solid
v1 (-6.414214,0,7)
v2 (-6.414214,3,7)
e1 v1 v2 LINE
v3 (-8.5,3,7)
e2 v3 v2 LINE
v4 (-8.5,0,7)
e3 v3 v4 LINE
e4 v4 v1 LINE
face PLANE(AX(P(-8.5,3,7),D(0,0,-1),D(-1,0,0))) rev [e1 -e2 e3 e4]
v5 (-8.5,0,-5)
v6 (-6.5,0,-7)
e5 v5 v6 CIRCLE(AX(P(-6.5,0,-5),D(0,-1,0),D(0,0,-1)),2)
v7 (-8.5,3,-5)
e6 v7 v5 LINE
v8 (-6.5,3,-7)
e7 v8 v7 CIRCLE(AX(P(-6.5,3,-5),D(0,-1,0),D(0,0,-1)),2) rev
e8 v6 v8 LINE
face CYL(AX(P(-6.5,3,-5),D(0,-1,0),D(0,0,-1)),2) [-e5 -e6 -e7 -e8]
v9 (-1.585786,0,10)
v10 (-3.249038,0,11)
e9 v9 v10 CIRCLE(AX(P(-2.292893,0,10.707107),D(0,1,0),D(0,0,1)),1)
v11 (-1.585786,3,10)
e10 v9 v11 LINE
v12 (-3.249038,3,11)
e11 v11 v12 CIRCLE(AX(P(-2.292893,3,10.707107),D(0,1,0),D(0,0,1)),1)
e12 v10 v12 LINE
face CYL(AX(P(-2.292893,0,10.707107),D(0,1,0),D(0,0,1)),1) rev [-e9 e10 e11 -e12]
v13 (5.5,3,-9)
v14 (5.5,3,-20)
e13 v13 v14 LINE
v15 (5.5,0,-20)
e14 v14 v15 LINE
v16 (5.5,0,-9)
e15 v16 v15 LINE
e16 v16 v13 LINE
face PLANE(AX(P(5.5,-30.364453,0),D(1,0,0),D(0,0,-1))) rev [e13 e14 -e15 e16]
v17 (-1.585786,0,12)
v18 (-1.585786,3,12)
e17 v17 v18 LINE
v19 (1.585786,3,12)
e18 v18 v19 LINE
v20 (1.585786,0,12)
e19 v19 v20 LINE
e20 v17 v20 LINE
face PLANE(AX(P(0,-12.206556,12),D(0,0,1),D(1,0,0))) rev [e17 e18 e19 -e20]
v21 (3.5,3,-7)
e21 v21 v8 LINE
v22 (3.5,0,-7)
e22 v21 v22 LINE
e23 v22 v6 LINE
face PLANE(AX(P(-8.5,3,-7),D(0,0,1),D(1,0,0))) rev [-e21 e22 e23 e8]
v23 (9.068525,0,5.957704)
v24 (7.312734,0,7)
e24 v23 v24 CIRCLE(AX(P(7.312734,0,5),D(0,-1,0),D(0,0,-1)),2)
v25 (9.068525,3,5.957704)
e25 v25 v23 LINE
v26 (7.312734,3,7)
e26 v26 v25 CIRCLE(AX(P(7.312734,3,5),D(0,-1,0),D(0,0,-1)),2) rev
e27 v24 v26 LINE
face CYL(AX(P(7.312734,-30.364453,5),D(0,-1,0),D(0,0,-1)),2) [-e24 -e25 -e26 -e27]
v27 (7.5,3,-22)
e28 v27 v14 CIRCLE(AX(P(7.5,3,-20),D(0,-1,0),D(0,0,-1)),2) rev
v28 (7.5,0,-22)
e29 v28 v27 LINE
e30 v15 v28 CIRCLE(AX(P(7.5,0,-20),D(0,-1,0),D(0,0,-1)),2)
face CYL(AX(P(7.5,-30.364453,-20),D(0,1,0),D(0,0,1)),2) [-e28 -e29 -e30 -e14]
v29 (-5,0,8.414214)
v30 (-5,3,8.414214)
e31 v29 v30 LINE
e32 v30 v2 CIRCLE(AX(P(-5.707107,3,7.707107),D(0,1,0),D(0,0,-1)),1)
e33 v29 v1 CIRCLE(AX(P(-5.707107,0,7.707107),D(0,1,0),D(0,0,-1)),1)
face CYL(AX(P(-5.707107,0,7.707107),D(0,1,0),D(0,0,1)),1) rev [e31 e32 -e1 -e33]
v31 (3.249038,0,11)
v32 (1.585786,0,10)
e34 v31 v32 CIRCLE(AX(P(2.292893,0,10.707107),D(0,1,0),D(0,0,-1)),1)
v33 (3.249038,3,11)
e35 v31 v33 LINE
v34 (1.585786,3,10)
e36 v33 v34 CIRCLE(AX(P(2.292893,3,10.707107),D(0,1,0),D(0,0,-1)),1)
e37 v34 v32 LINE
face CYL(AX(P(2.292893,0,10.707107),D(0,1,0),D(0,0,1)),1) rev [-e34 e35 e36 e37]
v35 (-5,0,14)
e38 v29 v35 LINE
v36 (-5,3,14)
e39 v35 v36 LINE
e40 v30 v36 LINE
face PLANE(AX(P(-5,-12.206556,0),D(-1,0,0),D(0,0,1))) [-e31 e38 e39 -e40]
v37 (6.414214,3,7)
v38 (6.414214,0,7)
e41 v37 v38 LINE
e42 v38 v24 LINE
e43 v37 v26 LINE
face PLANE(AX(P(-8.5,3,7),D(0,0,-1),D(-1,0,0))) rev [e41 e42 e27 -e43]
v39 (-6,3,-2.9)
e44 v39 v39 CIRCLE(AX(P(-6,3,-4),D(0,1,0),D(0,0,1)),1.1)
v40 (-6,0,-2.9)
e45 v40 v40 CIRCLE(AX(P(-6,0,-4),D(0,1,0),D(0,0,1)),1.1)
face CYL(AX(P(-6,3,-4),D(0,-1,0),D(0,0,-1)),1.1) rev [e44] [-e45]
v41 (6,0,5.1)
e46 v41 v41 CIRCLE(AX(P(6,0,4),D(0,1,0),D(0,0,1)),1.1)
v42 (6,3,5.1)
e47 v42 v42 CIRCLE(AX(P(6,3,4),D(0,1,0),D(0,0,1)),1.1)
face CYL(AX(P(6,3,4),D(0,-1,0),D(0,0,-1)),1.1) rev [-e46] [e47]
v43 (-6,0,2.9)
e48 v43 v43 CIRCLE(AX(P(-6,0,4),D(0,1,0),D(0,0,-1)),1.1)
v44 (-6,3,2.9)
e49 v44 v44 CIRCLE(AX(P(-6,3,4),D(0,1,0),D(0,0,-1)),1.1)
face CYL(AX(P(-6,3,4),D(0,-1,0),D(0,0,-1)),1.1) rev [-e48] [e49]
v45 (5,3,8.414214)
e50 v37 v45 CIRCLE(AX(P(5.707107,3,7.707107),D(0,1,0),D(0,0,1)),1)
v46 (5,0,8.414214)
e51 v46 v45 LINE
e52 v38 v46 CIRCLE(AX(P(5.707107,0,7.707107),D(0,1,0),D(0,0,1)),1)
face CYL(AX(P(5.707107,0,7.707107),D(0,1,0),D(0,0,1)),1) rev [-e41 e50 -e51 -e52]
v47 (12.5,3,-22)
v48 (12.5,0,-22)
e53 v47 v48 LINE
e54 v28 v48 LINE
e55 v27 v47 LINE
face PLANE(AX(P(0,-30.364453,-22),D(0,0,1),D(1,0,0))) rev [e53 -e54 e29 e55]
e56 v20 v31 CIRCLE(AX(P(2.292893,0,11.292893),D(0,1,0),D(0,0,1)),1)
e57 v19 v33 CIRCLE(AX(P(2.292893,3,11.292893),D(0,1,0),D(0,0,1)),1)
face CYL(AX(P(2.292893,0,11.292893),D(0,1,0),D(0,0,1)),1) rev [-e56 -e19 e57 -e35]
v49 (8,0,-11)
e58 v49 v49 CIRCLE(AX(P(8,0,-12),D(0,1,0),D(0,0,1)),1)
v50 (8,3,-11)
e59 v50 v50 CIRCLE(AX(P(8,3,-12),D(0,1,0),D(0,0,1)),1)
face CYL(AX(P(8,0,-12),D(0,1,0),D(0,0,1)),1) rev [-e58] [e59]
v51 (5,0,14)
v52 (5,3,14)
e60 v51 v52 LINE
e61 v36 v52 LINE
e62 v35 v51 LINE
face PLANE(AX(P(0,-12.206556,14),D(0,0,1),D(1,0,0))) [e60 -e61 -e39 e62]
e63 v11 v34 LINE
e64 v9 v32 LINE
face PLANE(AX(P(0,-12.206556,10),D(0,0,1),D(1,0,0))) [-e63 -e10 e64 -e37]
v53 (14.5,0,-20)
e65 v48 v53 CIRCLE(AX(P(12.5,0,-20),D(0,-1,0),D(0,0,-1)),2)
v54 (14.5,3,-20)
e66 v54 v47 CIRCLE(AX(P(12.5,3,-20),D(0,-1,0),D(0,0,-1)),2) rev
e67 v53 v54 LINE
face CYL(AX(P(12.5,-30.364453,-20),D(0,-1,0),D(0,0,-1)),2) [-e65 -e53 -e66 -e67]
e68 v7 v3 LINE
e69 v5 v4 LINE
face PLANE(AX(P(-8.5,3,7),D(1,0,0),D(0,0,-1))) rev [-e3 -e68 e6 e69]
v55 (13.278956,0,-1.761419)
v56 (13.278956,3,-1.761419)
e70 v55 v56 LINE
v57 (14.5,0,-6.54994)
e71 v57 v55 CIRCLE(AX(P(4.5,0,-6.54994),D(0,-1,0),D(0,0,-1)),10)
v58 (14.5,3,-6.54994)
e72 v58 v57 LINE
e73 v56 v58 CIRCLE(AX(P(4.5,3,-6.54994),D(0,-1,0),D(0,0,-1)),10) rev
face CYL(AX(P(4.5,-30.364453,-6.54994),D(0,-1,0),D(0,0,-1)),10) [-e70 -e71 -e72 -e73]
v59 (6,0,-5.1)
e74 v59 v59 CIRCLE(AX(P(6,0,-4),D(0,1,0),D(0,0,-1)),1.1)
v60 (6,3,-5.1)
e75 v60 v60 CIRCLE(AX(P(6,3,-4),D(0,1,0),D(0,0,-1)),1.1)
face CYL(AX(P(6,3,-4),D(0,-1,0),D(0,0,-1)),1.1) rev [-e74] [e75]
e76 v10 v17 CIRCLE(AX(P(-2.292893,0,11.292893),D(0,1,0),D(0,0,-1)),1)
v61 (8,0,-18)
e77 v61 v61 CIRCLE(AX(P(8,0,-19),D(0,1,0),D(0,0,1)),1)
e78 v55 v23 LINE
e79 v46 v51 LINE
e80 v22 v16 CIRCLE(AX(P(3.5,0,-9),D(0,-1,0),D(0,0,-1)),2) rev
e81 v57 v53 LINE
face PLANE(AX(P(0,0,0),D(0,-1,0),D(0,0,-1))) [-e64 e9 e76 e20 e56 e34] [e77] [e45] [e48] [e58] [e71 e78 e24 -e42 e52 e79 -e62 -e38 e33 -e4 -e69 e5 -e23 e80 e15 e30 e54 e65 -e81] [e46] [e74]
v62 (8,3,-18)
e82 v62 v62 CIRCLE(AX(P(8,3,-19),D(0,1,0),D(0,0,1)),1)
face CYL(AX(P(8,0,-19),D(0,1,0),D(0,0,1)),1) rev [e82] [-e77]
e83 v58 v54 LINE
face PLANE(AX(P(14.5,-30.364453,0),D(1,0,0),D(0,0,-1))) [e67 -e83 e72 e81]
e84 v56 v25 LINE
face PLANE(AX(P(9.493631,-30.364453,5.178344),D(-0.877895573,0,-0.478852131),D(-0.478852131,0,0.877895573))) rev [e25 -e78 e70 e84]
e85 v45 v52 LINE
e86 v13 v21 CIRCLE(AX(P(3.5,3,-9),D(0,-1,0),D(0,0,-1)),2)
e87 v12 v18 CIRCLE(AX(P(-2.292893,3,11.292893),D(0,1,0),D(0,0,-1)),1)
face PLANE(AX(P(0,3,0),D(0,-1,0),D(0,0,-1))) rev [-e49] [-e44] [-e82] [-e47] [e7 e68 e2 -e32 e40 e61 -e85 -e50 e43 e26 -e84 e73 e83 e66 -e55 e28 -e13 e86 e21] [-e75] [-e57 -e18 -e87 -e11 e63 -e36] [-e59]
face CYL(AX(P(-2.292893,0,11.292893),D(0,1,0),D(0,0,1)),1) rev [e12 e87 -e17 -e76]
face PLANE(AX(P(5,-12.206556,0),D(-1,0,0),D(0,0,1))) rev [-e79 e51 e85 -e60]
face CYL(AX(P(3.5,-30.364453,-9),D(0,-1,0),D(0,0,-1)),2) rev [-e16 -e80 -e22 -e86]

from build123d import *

# Parameters (mm, degrees)
SKETCH_1_W          = 17
SKETCH_1_H          = 14
SKETCH_1_R          = 1.1
EXTRUDE_1_DEPTH     = 3
EXTRUDE_3_DEPTH     = 3
SKETCH_3_R          = 1
CUT_EXTRUDE_1_DEPTH = 27.518861212
SKETCH_4_W          = 10
SKETCH_4_H          = 7
SKETCH_4_W_2        = 6
SKETCH_4_H_2        = 2
EXTRUDE_4_DEPTH     = 3
SKETCH_7_R          = 1
CUT_EXTRUDE_4_DEPTH = 27.518861212
FILLET_1_R          = 10
FILLET_2_R          = 2
CUT_EXTRUDE_5_DEPTH = 27.518861212


with BuildPart() as part:
    # 草图1 → 凸台-拉伸1 (new body)
    with BuildSketch(Plane(origin=(0, 0, 0), x_dir=(1, 0, 0), z_dir=(0, 1, 0))):
        Rectangle(SKETCH_1_W, SKETCH_1_H)
        with Locations(Location((-6, 4, 0), (0, 0, 270))):
            Circle(SKETCH_1_R, mode=Mode.SUBTRACT)
        with Locations(Location((6, 4, 0), (0, 0, 90))):
            Circle(SKETCH_1_R, mode=Mode.SUBTRACT)
        with Locations(Location((6, -4, 0), (0, 0, 270))):
            Circle(SKETCH_1_R, mode=Mode.SUBTRACT)
        with Locations(Location((-6, -4, 0), (0, 0, 90))):
            Circle(SKETCH_1_R, mode=Mode.SUBTRACT)
    extrude(amount=EXTRUDE_1_DEPTH)

    # 草图2 → 凸台-拉伸3 (add)
    with BuildSketch(Plane(origin=(0, 3, 0), x_dir=(1, 0, 0), z_dir=(0, 1, 0))):
        Polygon((5.5, 22), (5.5, 7), (8.5, 7), (8.5, -7), (14.5, 4), (14.5, 22), align=None)
    extrude(amount=-EXTRUDE_3_DEPTH)

    # 草图3 → 切除-拉伸1 (cut, through all)
    with BuildSketch(Plane(origin=(0, 3, 0), x_dir=(1, 0, 0), z_dir=(0, 1, 0))):
        with Locations(Location((8, 19, 0), (0, 0, 270))):
            Circle(SKETCH_3_R)
        with Locations(Location((8, 12, 0), (0, 0, 270))):
            Circle(SKETCH_3_R)
    extrude(amount=-CUT_EXTRUDE_1_DEPTH, mode=Mode.SUBTRACT)

    # 草图4 → 凸台-拉伸4 (add)
    with BuildSketch(Plane(origin=(0, 3, 0), x_dir=(1, 0, 0), z_dir=(0, 1, 0))):
        with Locations((0, -10.5)):
            Rectangle(SKETCH_4_W, SKETCH_4_H)
        with Locations((0, -11)):
            Rectangle(SKETCH_4_W_2, SKETCH_4_H_2, mode=Mode.SUBTRACT)
    extrude(amount=-EXTRUDE_4_DEPTH)

    # 草图7 → 切除-拉伸4 (cut, through all)
    with BuildSketch(Plane(origin=(0, 3, 0), x_dir=(1, 0, 0), z_dir=(0, 1, 0))):
        with Locations((5.707106781, -7.707106781)):
            Circle(SKETCH_7_R)
        with Locations((-5.707106781, -7.707106781)):
            Circle(SKETCH_7_R)
    extrude(amount=-CUT_EXTRUDE_4_DEPTH, mode=Mode.SUBTRACT)

    # 圆角1
    fillet_1_edges = [part.edges().sort_by_distance(p)[0] for p in [
        (14.5, 1.5, -4),
    ]]
    fillet(fillet_1_edges, radius=FILLET_1_R)

    # 圆角2
    fillet_2_edges = [part.edges().sort_by_distance(p)[0] for p in [
        (14.5, 1.5, -22),
        (5.5, 1.5, -22),
        (5.5, 1.5, -7),
        (8.5, 1.5, 7),
        (-8.5, 1.5, -7),
    ]]
    fillet(fillet_2_edges, radius=FILLET_2_R)

    # 草图8 → 切除-拉伸5 (cut, through all)
    with BuildSketch(Plane(origin=(0, 3, 0), x_dir=(1, 0, 0), z_dir=(0, 1, 0))):
        with BuildLine():
            ThreePointArc((-1.336748061, -11), (-2.292893219, -9.707106781), (-3.249038376, -11))
            ThreePointArc((-3.249038376, -11), (-2.292893219, -12.292893219), (-1.336748061, -11))
        make_face()
        with BuildLine():
            ThreePointArc((1.336748061, -11), (2.292893219, -12.292893219), (3.249038376, -11))
            ThreePointArc((3.249038376, -11), (2.292893219, -9.707106781), (1.336748061, -11))
        make_face()
    extrude(amount=-CUT_EXTRUDE_5_DEPTH, mode=Mode.SUBTRACT)


solid = part.part
